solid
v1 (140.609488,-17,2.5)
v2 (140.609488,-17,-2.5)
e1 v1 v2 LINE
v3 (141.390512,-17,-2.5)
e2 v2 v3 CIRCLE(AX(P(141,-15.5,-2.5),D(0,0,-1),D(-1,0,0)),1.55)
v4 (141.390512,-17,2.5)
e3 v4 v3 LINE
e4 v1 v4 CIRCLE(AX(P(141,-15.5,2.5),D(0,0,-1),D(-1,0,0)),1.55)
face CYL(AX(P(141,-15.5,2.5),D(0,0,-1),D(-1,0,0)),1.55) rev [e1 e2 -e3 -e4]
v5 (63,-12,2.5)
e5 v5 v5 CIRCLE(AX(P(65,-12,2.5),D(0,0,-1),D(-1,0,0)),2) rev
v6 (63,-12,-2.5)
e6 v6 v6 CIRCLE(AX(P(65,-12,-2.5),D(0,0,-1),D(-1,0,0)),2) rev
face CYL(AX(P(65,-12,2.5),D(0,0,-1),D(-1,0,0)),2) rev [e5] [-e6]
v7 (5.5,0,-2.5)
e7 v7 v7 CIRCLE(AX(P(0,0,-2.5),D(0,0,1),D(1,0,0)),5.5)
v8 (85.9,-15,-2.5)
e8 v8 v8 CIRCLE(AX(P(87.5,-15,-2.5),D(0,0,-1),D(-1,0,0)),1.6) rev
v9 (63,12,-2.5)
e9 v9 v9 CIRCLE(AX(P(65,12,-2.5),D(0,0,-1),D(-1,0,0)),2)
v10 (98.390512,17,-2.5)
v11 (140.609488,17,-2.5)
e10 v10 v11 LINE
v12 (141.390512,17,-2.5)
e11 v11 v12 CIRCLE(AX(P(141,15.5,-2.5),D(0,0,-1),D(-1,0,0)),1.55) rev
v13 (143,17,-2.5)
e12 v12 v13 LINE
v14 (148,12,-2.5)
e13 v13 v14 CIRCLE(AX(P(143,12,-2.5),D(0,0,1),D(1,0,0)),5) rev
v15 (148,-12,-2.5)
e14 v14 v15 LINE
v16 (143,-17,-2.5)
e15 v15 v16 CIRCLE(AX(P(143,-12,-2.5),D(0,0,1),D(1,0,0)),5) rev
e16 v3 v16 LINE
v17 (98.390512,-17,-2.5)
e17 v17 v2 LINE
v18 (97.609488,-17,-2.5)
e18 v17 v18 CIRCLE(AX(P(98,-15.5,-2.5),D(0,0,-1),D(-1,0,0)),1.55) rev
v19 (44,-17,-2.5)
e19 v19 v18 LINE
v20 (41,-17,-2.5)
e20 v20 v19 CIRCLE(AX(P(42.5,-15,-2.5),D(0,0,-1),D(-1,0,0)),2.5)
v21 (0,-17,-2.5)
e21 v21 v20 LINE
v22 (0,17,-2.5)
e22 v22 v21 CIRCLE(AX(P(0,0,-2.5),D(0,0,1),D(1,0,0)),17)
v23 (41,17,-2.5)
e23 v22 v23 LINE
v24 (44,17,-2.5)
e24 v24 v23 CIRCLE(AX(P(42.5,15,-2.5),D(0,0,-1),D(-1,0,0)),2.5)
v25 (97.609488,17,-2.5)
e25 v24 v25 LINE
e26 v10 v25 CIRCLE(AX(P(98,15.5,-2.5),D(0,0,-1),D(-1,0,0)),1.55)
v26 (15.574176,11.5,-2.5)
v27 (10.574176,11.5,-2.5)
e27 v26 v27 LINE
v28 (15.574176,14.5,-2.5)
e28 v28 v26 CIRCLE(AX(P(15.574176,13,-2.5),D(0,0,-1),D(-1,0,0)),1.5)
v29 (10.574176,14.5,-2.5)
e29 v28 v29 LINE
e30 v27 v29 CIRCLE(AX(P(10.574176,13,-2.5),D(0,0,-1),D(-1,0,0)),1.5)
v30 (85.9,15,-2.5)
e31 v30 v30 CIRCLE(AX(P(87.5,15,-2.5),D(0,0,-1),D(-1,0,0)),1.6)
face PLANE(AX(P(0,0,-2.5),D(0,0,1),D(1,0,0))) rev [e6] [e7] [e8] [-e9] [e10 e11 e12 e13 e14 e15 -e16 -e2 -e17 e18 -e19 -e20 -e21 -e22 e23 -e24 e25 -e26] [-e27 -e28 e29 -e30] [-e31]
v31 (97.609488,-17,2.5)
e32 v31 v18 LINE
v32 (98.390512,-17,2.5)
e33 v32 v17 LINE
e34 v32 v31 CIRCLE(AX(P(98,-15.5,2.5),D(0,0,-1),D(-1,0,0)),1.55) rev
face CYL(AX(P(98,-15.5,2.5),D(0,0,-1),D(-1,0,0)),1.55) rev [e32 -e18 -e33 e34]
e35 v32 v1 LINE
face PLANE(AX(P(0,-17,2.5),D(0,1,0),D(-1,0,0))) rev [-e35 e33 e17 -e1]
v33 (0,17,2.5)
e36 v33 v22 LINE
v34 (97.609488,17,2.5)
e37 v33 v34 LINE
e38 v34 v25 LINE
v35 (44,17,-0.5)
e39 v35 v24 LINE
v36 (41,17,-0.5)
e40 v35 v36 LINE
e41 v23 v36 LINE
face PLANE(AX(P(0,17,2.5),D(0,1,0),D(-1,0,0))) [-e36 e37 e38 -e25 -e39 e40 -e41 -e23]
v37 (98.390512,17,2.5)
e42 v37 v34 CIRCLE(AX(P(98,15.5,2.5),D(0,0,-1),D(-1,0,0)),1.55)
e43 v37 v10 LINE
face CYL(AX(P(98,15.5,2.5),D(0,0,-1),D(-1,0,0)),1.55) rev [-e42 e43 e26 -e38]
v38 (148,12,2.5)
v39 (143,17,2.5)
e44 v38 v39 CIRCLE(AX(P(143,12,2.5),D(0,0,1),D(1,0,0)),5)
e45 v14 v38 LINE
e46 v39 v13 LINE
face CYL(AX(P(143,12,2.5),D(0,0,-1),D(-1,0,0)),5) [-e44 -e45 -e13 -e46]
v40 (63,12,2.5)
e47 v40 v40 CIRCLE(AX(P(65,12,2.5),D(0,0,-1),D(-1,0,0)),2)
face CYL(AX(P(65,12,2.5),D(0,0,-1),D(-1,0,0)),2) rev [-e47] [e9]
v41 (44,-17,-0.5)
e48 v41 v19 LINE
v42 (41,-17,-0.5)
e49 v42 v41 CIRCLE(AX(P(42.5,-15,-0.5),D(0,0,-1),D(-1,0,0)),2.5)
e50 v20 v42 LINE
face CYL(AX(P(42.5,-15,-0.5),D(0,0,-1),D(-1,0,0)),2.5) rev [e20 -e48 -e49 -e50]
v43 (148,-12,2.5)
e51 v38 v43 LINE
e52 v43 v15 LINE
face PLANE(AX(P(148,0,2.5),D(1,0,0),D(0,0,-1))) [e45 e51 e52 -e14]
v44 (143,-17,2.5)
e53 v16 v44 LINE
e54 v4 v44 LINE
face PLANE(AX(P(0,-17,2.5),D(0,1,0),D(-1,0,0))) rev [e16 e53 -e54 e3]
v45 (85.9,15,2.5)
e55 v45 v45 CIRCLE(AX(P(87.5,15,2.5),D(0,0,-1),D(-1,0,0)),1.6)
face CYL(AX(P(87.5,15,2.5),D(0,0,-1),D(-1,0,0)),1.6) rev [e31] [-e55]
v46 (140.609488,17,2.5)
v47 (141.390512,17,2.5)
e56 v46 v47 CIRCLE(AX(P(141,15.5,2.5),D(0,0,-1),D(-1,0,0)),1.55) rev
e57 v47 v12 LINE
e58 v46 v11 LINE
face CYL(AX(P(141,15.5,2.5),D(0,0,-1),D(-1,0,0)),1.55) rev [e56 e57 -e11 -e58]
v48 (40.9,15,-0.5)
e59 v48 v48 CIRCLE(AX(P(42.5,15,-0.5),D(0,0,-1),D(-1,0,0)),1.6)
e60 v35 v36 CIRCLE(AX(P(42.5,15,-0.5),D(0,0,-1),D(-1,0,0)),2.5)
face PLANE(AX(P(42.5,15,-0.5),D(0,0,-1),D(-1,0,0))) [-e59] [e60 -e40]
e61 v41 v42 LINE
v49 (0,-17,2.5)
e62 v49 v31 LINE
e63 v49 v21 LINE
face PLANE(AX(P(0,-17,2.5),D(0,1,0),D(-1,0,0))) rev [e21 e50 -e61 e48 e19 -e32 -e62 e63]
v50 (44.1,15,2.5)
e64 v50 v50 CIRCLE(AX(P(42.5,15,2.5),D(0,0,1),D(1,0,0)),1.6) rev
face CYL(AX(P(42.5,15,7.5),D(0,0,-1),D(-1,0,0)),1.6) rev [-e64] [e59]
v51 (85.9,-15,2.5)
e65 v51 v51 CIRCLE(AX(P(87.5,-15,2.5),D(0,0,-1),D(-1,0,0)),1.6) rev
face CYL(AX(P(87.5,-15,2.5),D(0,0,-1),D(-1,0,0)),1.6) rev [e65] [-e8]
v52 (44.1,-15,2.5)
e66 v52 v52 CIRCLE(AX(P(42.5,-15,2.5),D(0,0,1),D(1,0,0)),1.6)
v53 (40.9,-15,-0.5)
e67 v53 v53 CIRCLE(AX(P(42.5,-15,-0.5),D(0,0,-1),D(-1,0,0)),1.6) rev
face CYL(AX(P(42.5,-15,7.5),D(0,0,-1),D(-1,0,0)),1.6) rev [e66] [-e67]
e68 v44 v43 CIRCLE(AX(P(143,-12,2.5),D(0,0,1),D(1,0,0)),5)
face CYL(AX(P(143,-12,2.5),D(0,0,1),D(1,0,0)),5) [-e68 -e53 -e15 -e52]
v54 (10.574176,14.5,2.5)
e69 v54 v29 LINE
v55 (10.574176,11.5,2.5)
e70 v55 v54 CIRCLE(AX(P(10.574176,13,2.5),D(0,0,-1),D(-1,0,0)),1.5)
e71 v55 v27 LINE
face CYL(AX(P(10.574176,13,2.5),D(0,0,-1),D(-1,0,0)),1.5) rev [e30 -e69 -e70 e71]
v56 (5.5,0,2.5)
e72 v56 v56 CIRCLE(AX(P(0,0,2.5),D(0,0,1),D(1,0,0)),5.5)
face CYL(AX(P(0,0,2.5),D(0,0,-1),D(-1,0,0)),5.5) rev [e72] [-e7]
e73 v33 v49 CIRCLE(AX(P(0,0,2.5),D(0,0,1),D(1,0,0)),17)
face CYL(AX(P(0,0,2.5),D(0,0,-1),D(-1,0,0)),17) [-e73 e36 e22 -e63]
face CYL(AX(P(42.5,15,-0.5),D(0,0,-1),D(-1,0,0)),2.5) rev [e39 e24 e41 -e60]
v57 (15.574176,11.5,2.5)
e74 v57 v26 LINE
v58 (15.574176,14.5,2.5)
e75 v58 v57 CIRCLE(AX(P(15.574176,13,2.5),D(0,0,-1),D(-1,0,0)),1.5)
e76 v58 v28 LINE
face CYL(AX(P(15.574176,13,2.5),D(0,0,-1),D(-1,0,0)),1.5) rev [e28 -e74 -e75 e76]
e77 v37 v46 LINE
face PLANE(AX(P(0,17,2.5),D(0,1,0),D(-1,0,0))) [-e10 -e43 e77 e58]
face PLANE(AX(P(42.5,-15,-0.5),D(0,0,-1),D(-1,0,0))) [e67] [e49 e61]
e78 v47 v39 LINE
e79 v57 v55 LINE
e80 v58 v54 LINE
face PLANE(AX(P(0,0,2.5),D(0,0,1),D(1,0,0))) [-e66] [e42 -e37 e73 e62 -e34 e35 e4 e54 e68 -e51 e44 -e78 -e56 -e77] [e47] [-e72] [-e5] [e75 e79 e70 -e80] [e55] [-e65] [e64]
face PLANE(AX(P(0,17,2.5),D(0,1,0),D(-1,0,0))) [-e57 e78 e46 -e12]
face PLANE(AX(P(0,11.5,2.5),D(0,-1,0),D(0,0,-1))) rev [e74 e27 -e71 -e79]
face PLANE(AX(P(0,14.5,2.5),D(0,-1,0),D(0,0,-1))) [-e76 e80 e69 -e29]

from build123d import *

# Parameters (mm, degrees)
SKETCH2_R           = 5.5
BOSS_EXTRUDE1_DEPTH = 2.5
FILLET1_R           = 5
SKETCH3_R           = 1.6
SKETCH3_R_2         = 2
CUT_EXTRUDE1_DEPTH  = 150.057036063
SKETCH3_4_R         = 1.6
SKETCH3_4_R_2       = 2
CUT_EXTRUDE2_DEPTH  = 10
SKETCH4_R           = 2.5
CUT_EXTRUDE3_DEPTH  = 2


with BuildPart() as part:
    # Sketch2 → Boss-Extrude1 (new, symmetric)
    with BuildSketch(Plane.XY):
        with BuildLine():
            Line((148, 17), (0, 17))
            ThreePointArc((0, 17), (-17, 0), (0, -17))
            Line((0, -17), (148, -17))
            Line((148, -17), (148, 17))
        make_face()
        Circle(SKETCH2_R, mode=Mode.SUBTRACT)
    extrude(amount=BOSS_EXTRUDE1_DEPTH, both=True)

    # Fillet1
    fillet1_edges = [part.edges().sort_by_distance(p)[0] for p in [
        (148, -17, 0),
        (148, 17, 0),
    ]]
    fillet(fillet1_edges, radius=FILLET1_R)

    # Sketch3 → Cut-Extrude1 (cut, through all)
    with BuildSketch(Plane(origin=(0, 0, -2.5), x_dir=(-1, 0, 0), z_dir=(0, 0, -1))):
        with BuildLine():
            Line((-97.609487516, 17), (-98.390512484, 17))
            ThreePointArc((-98.390512484, 17), (-99.537449186, 15.303149803), (-98, 13.95))
            ThreePointArc((-98, 13.95), (-96.462550814, 15.303149803), (-97.609487516, 17))
        make_face()
        with BuildLine():
            ThreePointArc((-141.390512484, 17), (-141, 13.95), (-140.609487516, 17))
            Line((-140.609487516, 17), (-141.390512484, 17))
        make_face()
        with Locations((-87.5, 15)):
            Circle(SKETCH3_R)
        with Locations((-65, 12)):
            Circle(SKETCH3_R_2)
        with BuildLine():
            Line((-141.390512484, -17), (-140.609487516, -17))
            ThreePointArc((-140.609487516, -17), (-141, -13.95), (-141.390512484, -17))
        make_face()
        with BuildLine():
            ThreePointArc((-97.609487516, -17), (-98, -13.95), (-98.390512484, -17))
            Line((-98.390512484, -17), (-97.609487516, -17))
        make_face()
        with BuildLine():
            Line((-10.574175964, 14.5), (-15.574175964, 14.5))
            ThreePointArc((-15.574175964, 14.5), (-17.074175964, 13), (-15.574175964, 11.5))
            Line((-15.574175964, 11.5), (-10.574175964, 11.5))
            ThreePointArc((-10.574175964, 11.5), (-9.074175964, 13), (-10.574175964, 14.5))
        make_face()
        with Locations((-87.5, -15)):
            Circle(SKETCH3_R)
        with Locations((-65, -12)):
            Circle(SKETCH3_R_2)
    extrude(amount=-CUT_EXTRUDE1_DEPTH, mode=Mode.SUBTRACT)

    # Sketch3<4> → Cut-Extrude2 (cut)
    with BuildSketch(Plane(origin=(0, 0, -2.5), x_dir=(-1, 0, 0), z_dir=(0, 0, -1))):
        with BuildLine():
            Line((-97.609487516, 17), (-98.390512484, 17))
            ThreePointArc((-98.390512484, 17), (-99.537449186, 15.303149803), (-98, 13.95))
            ThreePointArc((-98, 13.95), (-96.462550814, 15.303149803), (-97.609487516, 17))
        make_face()
        with BuildLine():
            ThreePointArc((-141.390512484, 17), (-141, 13.95), (-140.609487516, 17))
            Line((-140.609487516, 17), (-141.390512484, 17))
        make_face()
        with Locations((-87.5, 15)):
            Circle(SKETCH3_4_R)
        with Locations((-65, 12)):
            Circle(SKETCH3_4_R_2)
        with BuildLine():
            Line((-141.390512484, -17), (-140.609487516, -17))
            ThreePointArc((-140.609487516, -17), (-141, -13.95), (-141.390512484, -17))
        make_face()
        with BuildLine():
            ThreePointArc((-97.609487516, -17), (-98, -13.95), (-98.390512484, -17))
            Line((-98.390512484, -17), (-97.609487516, -17))
        make_face()
        with BuildLine():
            Line((-10.574175964, 14.5), (-15.574175964, 14.5))
            ThreePointArc((-15.574175964, 14.5), (-17.074175964, 13), (-15.574175964, 11.5))
            Line((-15.574175964, 11.5), (-10.574175964, 11.5))
            ThreePointArc((-10.574175964, 11.5), (-9.074175964, 13), (-10.574175964, 14.5))
        make_face()
        with Locations((-87.5, -15)):
            Circle(SKETCH3_4_R)
        with Locations((-42.5, -15)):
            Circle(SKETCH3_4_R)
        with Locations((-42.5, 15)):
            Circle(SKETCH3_4_R)
        with Locations((-65, -12)):
            Circle(SKETCH3_4_R_2)
    extrude(amount=-CUT_EXTRUDE2_DEPTH, mode=Mode.SUBTRACT)

    # Sketch4 → Cut-Extrude3 (cut)
    with BuildSketch(Plane(origin=(0, 0, -2.5), x_dir=(-1, 0, 0), z_dir=(0, 0, -1))):
        with Locations((-42.5, 15)):
            Circle(SKETCH4_R)
        with Locations((-42.5, -15)):
            Circle(SKETCH4_R)
    extrude(amount=-CUT_EXTRUDE3_DEPTH, mode=Mode.SUBTRACT)


solid = part.part
